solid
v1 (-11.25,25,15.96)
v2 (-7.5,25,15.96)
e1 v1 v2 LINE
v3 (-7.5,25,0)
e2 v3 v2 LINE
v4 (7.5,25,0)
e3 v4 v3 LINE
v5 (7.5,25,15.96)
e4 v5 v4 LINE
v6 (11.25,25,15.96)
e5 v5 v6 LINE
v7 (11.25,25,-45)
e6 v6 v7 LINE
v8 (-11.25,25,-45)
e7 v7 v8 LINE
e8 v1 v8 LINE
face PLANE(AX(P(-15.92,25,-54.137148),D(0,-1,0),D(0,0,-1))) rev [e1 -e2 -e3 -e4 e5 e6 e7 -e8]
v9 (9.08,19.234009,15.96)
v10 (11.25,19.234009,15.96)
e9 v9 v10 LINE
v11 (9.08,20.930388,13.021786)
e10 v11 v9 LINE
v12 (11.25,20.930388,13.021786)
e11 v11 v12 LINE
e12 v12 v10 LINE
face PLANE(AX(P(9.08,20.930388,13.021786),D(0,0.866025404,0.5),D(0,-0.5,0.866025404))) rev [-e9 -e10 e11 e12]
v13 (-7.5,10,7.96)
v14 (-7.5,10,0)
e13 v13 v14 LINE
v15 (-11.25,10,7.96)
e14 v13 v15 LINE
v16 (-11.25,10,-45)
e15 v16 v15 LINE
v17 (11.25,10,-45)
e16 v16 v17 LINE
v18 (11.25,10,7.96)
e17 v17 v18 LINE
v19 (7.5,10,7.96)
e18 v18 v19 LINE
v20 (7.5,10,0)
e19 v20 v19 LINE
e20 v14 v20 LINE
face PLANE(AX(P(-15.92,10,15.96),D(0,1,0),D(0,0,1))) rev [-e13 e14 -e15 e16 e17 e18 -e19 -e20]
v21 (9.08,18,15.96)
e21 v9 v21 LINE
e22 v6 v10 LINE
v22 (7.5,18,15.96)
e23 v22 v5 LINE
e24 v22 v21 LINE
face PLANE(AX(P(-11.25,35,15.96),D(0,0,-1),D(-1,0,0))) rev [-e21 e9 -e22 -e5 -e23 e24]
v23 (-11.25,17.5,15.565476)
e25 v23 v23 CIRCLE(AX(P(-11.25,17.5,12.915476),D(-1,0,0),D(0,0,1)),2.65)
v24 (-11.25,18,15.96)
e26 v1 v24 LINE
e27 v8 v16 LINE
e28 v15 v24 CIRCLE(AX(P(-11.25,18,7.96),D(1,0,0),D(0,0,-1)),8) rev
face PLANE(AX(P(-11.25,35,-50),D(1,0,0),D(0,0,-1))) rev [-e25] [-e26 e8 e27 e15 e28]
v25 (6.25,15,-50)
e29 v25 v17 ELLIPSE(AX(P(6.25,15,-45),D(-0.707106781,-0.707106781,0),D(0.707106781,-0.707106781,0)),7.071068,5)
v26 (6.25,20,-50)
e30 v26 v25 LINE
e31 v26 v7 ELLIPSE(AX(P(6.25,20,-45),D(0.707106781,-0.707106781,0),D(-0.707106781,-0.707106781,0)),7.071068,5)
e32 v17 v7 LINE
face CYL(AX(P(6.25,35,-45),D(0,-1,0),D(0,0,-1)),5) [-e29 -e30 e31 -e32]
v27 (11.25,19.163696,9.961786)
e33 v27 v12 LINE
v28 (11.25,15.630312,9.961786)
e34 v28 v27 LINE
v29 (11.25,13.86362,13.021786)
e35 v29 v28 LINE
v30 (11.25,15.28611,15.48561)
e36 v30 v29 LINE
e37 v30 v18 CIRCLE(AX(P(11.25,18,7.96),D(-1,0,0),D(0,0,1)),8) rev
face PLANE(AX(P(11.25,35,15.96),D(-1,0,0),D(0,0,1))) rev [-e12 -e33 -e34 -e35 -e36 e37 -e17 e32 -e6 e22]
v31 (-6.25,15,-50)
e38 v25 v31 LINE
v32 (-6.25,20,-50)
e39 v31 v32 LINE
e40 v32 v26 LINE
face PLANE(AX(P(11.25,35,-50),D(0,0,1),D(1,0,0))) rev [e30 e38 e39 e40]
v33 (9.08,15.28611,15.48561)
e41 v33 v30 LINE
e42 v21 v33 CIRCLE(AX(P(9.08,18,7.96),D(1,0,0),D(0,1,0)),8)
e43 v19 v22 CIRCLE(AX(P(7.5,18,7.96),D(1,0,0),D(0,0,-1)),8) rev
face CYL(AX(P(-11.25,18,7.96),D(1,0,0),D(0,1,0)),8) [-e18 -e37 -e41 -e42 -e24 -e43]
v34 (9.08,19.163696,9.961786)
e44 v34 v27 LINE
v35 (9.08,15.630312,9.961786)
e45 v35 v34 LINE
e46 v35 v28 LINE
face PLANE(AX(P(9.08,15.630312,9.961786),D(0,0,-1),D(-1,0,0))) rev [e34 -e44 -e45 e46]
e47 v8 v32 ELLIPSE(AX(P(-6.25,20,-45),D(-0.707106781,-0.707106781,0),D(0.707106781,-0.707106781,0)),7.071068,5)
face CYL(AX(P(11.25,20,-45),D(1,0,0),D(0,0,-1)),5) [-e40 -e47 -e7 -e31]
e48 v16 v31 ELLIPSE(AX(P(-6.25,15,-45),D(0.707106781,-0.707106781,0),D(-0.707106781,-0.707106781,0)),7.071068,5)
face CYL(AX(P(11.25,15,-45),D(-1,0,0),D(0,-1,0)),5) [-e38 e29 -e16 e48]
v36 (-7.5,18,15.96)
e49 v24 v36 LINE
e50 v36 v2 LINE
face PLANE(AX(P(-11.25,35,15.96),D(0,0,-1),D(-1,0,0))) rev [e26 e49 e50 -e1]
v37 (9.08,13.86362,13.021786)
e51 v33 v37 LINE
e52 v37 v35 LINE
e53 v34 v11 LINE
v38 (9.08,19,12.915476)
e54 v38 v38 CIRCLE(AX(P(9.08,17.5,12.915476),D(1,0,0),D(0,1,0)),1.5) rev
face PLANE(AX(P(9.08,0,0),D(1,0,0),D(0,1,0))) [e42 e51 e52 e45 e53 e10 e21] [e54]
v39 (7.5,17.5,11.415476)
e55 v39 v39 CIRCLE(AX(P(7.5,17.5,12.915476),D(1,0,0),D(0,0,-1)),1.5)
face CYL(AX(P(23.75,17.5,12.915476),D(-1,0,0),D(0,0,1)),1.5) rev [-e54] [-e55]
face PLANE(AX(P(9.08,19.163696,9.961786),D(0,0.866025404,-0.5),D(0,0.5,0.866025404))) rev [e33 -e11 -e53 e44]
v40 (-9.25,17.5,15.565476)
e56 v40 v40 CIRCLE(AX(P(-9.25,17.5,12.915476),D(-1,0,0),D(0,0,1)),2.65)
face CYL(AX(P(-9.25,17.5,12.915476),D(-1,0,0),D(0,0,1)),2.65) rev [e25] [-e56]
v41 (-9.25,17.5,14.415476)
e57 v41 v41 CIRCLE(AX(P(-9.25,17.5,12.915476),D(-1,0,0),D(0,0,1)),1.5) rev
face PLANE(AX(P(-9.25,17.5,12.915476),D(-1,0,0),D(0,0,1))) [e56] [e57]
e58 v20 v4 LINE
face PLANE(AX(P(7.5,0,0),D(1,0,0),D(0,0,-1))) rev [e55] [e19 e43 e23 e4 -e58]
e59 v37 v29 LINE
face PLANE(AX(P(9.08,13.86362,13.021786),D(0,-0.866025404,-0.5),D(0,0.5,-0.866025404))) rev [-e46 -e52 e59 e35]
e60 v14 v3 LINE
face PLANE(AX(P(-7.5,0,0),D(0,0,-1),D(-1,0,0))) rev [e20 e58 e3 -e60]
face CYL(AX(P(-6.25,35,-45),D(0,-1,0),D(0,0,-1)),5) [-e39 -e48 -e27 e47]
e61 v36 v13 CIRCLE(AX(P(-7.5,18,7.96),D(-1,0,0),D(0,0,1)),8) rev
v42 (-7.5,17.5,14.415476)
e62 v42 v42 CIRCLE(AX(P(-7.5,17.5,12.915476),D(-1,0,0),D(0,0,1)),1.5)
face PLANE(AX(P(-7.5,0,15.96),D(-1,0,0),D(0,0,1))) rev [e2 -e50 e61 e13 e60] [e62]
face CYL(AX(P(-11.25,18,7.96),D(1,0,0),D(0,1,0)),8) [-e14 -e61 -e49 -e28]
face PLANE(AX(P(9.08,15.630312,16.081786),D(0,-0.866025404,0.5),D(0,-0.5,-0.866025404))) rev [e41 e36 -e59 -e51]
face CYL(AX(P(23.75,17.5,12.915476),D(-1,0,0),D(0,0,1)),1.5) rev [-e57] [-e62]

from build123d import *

# Parameters (mm, degrees)
SKETCH1_W           = 22.5
SKETCH1_H           = 65.96
BOSS_EXTRUDE1_DEPTH = 35
SKETCH2_W           = 15
SKETCH2_H           = 15.96
CUT_EXTRUDE1_DEPTH  = 35
SKETCH4_R           = 1.5
CUT_EXTRUDE2_DEPTH  = 35
SKETCH5_R           = 2.65
CUT_EXTRUDE3_DEPTH  = 2
CUT_EXTRUDE4_DEPTH  = 2.17
CUT_EXTRUDE5_DEPTH  = 27.17
FILLET1_R           = 8
FILLET2_R           = 5


with BuildPart() as part:
    # Sketch1 → Boss-Extrude1 (new body)
    with BuildSketch(Plane(origin=(0, 0, 0), x_dir=(1, 0, 0), z_dir=(0, 1, 0))):
        with Locations((0, 17.02)):
            Rectangle(SKETCH1_W, SKETCH1_H)
    extrude(amount=BOSS_EXTRUDE1_DEPTH)

    # Sketch2 → Cut-Extrude1 (cut)
    with BuildSketch(Plane(origin=(0, 35, 0), x_dir=(1, 0, 0), z_dir=(0, 1, 0))):
        with Locations((0, -7.98)):
            Rectangle(SKETCH2_W, SKETCH2_H)
    extrude(amount=-CUT_EXTRUDE1_DEPTH, mode=Mode.SUBTRACT)

    # Sketch4 → Cut-Extrude2 (cut)
    with BuildSketch(Plane.ZY.offset(11.25)):
        with Locations((12.915476268, 17.5)):
            Circle(SKETCH4_R)
    extrude(amount=-CUT_EXTRUDE2_DEPTH, mode=Mode.SUBTRACT)

    # Sketch5 → Cut-Extrude3 (cut)
    with BuildSketch(Plane.ZY.offset(11.25)):
        with Locations((12.915476268, 17.5)):
            Circle(SKETCH5_R)
    extrude(amount=-CUT_EXTRUDE3_DEPTH, mode=Mode.SUBTRACT)

    # Sketch6 → Cut-Extrude4 (cut)
    with BuildSketch(Plane(origin=(11.25, 0, 0), x_dir=(0, 0, -1), z_dir=(1, 0, 0))):
        Polygon((-13.021785536, 13.863620316), (-9.961785536, 15.630312139), (-9.961785536, 19.163695787), (-13.021785536, 20.930387611), (-16.081785536, 19.163695787), (-16.081785536, 15.630312139), align=None)
    extrude(amount=-CUT_EXTRUDE4_DEPTH, mode=Mode.SUBTRACT)

    # Sketch7 → Cut-Extrude5 (cut)
    with BuildSketch(Plane(origin=(11.25, 0, 0), x_dir=(0, 0, -1), z_dir=(1, 0, 0))):
        Polygon((-15.96, 10), (-15.96, 0), (71.192312273, 0), (70.711592722, 35), (-15.96, 35), (-15.96, 25), (54.137148325, 25), (54.137148325, 10), align=None)
    extrude(amount=-CUT_EXTRUDE5_DEPTH, mode=Mode.SUBTRACT)

    # Fillet1
    fillet1_edges = [part.edges().sort_by_distance(p)[0] for p in [
        (9.375, 10, 15.96),
        (-9.375, 10, 15.96),
    ]]
    fillet(fillet1_edges, radius=FILLET1_R)

    # Fillet2
    fillet2_edges = [part.edges().sort_by_distance(p)[0] for p in [
        (11.25, 17.5, -50),
        (-11.25, 17.5, -50),
        (0, 10, -50),
        (0, 25, -50),
    ]]
    fillet(fillet2_edges, radius=FILLET2_R)


solid = part.part
